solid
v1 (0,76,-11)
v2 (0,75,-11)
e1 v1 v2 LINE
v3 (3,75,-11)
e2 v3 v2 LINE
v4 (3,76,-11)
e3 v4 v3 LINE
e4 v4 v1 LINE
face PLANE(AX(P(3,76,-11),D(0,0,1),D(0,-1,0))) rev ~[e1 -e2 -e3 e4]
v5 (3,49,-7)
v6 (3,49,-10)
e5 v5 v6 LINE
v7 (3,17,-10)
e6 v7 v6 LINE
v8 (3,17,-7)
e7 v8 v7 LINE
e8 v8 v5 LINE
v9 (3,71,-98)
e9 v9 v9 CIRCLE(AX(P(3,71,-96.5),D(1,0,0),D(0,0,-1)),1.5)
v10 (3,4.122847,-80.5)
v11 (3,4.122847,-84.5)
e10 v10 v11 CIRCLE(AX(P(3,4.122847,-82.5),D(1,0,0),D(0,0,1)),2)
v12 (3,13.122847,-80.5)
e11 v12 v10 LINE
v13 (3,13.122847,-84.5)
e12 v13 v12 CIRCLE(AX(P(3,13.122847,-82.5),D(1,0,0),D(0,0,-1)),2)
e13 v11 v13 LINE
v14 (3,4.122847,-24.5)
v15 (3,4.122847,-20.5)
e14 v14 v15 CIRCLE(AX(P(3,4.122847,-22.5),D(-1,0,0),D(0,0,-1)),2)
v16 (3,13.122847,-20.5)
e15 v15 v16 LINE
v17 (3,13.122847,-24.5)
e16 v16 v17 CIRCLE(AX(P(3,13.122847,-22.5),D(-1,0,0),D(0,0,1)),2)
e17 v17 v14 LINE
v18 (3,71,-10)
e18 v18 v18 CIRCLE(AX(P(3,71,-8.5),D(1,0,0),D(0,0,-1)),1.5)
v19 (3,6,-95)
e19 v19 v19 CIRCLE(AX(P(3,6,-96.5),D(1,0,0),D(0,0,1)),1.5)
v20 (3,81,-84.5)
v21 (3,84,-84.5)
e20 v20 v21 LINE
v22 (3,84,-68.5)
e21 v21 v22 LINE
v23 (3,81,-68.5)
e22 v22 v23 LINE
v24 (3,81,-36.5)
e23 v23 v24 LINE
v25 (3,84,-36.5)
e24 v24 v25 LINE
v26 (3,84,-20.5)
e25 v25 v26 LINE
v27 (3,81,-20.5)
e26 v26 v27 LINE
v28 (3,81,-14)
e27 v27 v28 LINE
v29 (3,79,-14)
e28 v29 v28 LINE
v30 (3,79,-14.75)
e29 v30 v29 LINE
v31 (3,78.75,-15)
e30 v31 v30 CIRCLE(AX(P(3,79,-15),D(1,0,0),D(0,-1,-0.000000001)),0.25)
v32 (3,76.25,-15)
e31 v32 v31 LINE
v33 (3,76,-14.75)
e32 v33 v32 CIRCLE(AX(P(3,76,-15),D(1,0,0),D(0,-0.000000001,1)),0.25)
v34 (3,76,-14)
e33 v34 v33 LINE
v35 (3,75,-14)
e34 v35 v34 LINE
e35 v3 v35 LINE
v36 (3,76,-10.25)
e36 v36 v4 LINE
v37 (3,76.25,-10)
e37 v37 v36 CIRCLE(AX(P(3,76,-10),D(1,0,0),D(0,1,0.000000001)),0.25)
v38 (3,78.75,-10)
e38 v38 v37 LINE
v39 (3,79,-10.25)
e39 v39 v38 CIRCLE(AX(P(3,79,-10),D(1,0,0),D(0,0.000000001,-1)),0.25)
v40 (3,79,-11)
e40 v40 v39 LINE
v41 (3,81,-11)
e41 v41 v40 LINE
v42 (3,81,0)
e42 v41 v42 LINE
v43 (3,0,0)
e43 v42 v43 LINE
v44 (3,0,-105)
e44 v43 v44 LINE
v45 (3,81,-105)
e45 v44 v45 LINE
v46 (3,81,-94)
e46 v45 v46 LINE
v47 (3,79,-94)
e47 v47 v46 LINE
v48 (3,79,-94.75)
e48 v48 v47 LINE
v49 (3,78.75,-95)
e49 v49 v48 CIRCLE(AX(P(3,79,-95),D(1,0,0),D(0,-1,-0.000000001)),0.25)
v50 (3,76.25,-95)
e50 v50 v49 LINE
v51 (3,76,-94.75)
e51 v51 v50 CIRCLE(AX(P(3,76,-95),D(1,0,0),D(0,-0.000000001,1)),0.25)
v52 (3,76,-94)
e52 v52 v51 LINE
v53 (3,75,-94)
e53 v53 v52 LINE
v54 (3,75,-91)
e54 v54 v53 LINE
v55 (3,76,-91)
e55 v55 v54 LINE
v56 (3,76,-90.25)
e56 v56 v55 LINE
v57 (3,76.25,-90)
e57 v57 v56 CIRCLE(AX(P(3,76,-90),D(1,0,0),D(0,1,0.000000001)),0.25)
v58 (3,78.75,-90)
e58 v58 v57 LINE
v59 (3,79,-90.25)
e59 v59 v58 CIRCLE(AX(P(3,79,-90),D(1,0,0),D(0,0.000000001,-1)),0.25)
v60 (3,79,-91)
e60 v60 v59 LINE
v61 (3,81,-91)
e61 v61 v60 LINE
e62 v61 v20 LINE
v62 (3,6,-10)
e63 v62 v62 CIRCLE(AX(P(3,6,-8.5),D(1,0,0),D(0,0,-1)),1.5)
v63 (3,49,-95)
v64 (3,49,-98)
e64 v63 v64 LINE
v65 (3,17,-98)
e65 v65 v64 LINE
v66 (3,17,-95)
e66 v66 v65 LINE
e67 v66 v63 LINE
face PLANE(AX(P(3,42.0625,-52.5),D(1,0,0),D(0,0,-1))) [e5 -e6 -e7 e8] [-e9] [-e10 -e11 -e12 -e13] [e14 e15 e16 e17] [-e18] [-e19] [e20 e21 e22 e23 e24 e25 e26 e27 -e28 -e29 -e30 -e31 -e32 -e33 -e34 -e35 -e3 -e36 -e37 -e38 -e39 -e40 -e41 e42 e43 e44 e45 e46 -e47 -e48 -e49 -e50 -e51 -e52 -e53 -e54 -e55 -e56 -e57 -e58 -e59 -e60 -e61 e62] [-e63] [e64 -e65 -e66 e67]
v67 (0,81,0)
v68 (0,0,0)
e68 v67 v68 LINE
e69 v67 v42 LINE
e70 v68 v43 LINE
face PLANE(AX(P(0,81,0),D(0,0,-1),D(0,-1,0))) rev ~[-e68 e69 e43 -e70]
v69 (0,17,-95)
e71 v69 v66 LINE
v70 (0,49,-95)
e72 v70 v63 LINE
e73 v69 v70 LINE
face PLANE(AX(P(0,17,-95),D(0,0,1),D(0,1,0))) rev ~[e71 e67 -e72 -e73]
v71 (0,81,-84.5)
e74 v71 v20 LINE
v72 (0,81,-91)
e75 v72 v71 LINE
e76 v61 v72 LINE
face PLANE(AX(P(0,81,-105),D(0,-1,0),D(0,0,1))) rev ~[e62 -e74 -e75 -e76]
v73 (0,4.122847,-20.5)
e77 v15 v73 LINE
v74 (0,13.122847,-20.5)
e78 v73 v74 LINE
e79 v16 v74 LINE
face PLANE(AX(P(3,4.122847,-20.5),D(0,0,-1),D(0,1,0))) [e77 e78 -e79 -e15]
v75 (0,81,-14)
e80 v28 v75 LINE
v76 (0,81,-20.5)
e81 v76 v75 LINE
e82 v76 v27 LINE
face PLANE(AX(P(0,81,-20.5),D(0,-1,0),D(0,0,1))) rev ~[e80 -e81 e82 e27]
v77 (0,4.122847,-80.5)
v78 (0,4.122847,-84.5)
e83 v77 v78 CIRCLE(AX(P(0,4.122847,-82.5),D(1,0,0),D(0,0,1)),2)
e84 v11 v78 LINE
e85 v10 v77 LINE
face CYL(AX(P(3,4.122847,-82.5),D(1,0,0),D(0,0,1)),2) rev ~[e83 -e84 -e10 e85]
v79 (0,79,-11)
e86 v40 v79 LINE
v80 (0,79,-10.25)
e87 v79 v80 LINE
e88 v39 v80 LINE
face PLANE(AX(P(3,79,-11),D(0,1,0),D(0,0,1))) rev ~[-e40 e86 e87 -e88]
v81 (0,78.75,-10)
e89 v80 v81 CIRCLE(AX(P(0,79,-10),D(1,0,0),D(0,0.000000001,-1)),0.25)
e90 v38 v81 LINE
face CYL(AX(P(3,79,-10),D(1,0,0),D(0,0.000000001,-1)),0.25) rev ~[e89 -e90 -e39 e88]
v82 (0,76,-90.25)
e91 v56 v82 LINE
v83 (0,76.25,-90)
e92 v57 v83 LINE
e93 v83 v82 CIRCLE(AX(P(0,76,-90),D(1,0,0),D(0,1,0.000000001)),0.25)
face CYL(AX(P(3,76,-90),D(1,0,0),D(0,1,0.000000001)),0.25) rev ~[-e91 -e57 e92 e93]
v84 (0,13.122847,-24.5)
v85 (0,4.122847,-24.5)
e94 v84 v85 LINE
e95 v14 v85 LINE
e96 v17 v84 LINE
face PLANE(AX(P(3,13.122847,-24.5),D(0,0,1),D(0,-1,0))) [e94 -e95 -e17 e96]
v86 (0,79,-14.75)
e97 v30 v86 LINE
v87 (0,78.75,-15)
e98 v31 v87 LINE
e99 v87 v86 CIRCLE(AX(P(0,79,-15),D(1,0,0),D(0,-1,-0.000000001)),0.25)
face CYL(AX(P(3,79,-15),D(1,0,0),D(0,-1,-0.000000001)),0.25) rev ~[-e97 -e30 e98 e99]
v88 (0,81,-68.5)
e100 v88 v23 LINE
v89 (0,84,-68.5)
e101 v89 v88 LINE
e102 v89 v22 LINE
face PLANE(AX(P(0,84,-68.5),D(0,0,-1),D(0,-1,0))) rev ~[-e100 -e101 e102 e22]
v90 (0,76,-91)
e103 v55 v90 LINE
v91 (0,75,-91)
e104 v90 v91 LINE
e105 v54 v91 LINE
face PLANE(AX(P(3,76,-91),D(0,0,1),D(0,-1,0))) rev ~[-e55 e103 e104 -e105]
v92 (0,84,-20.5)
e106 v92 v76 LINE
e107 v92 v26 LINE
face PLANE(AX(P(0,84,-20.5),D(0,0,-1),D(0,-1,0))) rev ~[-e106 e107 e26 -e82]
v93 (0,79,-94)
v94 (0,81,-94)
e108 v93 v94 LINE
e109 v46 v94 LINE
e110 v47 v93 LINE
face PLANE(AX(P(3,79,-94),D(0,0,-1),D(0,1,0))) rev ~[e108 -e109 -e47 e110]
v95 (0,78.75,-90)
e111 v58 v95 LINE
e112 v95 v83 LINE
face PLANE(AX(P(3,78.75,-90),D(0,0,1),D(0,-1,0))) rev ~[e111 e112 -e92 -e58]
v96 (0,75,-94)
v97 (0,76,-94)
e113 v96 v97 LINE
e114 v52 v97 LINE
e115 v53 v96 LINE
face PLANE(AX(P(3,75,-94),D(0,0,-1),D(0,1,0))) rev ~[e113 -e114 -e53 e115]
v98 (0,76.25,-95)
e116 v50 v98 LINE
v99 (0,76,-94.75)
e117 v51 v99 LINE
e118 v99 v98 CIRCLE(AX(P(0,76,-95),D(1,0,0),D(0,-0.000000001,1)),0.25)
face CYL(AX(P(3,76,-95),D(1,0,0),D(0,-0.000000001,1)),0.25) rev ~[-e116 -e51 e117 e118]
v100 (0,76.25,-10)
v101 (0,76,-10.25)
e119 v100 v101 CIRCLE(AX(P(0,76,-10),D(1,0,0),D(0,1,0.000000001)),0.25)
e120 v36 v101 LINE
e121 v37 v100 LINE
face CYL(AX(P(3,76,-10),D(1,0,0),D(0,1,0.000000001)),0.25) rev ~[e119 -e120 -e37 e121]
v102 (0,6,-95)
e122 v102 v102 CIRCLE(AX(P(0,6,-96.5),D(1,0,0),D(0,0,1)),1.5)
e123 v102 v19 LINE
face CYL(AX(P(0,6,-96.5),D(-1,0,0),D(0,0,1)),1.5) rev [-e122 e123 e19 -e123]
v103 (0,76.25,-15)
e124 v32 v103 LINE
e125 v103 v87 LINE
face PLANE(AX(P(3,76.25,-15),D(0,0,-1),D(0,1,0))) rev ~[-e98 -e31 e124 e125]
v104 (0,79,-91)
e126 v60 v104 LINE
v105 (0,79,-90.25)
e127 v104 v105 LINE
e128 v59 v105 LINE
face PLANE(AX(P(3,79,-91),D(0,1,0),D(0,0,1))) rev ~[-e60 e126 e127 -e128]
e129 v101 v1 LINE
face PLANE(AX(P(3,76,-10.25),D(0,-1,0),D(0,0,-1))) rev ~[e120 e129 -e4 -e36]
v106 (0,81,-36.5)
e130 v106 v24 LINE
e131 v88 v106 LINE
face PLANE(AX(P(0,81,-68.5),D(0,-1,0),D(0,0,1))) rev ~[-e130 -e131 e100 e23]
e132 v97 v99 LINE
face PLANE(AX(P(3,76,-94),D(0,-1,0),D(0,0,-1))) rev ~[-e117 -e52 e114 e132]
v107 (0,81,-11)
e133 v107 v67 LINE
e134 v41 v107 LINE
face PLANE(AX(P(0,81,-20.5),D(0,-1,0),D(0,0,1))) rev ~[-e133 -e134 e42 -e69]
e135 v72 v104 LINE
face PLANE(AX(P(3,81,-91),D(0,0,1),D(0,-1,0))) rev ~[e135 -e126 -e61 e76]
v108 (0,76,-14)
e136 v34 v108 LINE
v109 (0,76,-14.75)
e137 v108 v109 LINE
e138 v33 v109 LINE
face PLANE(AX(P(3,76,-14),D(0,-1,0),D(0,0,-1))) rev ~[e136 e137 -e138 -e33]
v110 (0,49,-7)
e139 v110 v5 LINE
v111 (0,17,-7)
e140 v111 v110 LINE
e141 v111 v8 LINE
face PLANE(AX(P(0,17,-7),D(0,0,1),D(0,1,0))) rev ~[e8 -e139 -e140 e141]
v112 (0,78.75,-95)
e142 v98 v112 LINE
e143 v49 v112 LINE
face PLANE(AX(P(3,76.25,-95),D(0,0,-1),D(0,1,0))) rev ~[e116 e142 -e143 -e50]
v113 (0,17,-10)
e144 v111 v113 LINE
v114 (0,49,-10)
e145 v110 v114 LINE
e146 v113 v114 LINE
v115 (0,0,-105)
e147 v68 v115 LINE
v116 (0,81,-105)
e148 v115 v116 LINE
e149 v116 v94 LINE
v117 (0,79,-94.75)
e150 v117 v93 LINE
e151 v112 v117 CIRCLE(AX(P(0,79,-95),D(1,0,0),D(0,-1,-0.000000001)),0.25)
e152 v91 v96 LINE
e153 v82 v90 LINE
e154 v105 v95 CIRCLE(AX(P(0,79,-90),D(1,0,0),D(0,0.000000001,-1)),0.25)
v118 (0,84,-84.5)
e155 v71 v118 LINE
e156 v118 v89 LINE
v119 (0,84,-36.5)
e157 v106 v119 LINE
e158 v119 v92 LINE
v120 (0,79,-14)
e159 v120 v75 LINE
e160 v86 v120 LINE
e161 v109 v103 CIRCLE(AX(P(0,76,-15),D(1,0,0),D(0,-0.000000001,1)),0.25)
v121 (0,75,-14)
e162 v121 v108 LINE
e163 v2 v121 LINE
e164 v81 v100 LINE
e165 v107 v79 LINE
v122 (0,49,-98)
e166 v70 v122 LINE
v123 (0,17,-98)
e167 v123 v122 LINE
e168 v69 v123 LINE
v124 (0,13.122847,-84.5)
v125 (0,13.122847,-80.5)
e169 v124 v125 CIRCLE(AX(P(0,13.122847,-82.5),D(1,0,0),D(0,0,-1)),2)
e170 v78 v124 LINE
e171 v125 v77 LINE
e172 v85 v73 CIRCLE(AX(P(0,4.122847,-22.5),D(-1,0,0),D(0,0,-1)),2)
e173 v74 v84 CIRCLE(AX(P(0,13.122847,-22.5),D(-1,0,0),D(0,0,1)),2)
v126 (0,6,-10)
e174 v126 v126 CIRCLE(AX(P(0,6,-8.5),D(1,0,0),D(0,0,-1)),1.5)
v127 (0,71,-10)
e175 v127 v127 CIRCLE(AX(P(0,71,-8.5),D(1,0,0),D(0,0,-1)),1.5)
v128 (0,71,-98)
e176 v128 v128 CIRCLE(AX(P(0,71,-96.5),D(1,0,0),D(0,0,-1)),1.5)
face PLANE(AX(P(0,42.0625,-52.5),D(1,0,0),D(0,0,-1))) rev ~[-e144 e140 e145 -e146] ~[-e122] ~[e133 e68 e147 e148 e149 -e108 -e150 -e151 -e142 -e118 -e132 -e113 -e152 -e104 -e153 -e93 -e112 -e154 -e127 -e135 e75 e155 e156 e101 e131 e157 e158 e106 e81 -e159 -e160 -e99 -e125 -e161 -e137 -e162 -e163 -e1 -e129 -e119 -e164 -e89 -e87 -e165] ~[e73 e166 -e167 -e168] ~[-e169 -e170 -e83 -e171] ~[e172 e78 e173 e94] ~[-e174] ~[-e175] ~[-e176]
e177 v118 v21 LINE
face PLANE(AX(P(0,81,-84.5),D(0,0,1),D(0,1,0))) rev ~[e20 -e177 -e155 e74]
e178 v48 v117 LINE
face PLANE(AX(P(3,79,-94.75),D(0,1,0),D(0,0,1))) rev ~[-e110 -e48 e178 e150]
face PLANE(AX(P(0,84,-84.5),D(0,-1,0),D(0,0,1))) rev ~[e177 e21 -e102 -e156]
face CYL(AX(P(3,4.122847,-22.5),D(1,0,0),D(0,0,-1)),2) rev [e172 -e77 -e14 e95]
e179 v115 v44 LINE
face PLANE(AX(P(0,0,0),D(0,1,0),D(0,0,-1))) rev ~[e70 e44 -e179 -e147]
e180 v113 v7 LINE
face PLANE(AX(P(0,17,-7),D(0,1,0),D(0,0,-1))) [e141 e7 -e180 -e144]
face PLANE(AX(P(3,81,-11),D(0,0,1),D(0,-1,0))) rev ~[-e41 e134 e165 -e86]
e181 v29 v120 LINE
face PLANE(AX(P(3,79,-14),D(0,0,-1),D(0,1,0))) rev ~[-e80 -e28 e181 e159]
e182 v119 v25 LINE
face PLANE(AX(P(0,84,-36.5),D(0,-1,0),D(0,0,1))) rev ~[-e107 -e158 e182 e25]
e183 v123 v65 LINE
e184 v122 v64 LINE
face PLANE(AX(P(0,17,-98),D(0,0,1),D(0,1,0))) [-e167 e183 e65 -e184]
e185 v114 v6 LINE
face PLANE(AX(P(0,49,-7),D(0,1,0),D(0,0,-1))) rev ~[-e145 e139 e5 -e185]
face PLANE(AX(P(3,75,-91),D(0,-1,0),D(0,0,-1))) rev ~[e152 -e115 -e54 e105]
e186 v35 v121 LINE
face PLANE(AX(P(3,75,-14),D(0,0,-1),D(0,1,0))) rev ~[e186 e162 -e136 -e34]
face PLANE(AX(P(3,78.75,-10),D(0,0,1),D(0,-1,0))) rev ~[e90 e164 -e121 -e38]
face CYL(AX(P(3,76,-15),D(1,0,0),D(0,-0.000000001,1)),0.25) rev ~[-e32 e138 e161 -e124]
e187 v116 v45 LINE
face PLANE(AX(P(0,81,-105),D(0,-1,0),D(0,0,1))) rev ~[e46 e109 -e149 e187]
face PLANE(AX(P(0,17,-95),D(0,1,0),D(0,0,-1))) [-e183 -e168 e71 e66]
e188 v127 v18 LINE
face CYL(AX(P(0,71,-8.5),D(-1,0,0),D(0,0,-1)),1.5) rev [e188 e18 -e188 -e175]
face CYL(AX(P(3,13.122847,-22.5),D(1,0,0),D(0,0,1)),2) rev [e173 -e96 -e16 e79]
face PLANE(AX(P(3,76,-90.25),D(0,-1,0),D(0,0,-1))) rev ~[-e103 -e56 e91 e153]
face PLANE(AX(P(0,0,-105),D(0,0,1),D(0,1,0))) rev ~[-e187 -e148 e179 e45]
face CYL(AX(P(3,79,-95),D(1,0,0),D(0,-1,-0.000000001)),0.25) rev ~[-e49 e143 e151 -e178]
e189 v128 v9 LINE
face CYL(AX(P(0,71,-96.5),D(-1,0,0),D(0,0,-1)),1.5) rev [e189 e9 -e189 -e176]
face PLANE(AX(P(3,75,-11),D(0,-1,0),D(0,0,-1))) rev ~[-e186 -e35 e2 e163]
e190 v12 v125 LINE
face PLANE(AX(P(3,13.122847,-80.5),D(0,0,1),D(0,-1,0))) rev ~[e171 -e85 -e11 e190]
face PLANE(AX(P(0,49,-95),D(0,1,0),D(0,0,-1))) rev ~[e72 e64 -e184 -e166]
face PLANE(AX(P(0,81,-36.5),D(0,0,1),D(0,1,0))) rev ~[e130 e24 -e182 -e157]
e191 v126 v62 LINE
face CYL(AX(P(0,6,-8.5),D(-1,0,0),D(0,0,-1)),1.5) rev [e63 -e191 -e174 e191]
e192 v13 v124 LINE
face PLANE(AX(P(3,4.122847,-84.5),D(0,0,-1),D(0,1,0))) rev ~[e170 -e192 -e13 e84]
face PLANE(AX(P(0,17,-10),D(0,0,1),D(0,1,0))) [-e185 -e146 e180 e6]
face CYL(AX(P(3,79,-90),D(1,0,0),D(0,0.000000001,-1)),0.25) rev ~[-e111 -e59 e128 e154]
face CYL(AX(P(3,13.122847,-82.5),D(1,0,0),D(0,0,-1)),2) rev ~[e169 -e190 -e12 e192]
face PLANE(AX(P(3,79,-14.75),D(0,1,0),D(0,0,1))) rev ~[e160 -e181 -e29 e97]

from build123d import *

# Parameters (mm, degrees)
CROQUIS1_R              = 1.5
CROQUIS1_W              = 3
CROQUIS1_H              = 32
SALIENTE_EXTRUIR1_DEPTH = 3
CORTAR_EXTRUIR1_DEPTH   = 3
CORTAR_EXTRUIR2_DEPTH   = 3


with BuildPart() as part:
    # Croquis1 → Saliente-Extruir1 (new body)
    with BuildSketch(Plane(origin=(0, 0, 0), x_dir=(0, 0, -1), z_dir=(1, 0, 0))):
        Polygon((0, 0), (105, 0), (105, 81), (84.5, 81), (84.5, 84), (68.5, 84), (68.5, 81), (36.5, 81), (36.5, 84), (20.5, 84), (20.5, 81), (0, 81), align=None)
        with Locations((8.5, 71)):
            Circle(CROQUIS1_R, mode=Mode.SUBTRACT)
        with Locations((96.5, 71)):
            Circle(CROQUIS1_R, mode=Mode.SUBTRACT)
        with Locations((8.5, 6)):
            Circle(CROQUIS1_R, mode=Mode.SUBTRACT)
        with Locations(Location((96.5, 6, 0), (0, 0, 180))):
            Circle(CROQUIS1_R, mode=Mode.SUBTRACT)
        with Locations((8.5, 33)):
            Rectangle(CROQUIS1_W, CROQUIS1_H, mode=Mode.SUBTRACT)
        with Locations((96.5, 33)):
            Rectangle(CROQUIS1_W, CROQUIS1_H, mode=Mode.SUBTRACT)
    extrude(amount=SALIENTE_EXTRUIR1_DEPTH)

    # Croquis2 → Cortar-Extruir1 (cut)
    with BuildSketch(Plane(origin=(3, 0, 0), x_dir=(0, 0, -1), z_dir=(1, 0, 0))):
        with BuildLine():
            Line((14, 79), (14, 81))
            Line((14, 81), (11, 81))
            Line((11, 81), (11, 79))
            Line((11, 79), (10.25, 79))
            ThreePointArc((10.25, 79), (9.823223305, 79.176776695), (10, 78.75))
            Line((10, 78.75), (10, 76.25))
            ThreePointArc((10, 76.25), (9.823223305, 75.823223305), (10.25, 76))
            Line((10.25, 76), (11, 76))
            Line((11, 76), (11, 75))
            Line((11, 75), (14, 75))
            Line((14, 75), (14, 76))
            Line((14, 76), (14.75, 76))
            ThreePointArc((14.75, 76), (15.176776695, 75.823223305), (15, 76.25))
            Line((15, 76.25), (15, 78.75))
            ThreePointArc((15, 78.75), (15.176776695, 79.176776695), (14.75, 79))
            Line((14.75, 79), (14, 79))
        make_face()
        with BuildLine():
            Line((94, 79), (94, 81))
            Line((94, 81), (91, 81))
            Line((91, 81), (91, 79))
            Line((91, 79), (90.25, 79))
            ThreePointArc((90.25, 79), (89.823223305, 79.176776695), (90, 78.75))
            Line((90, 78.75), (90, 76.25))
            ThreePointArc((90, 76.25), (89.823223305, 75.823223305), (90.25, 76))
            Line((90.25, 76), (91, 76))
            Line((91, 76), (91, 75))
            Line((91, 75), (94, 75))
            Line((94, 75), (94, 76))
            Line((94, 76), (94.75, 76))
            ThreePointArc((94.75, 76), (95.176776695, 75.823223305), (95, 76.25))
            Line((95, 76.25), (95, 78.75))
            ThreePointArc((95, 78.75), (95.176776695, 79.176776695), (94.75, 79))
            Line((94.75, 79), (94, 79))
        make_face()
    extrude(amount=-CORTAR_EXTRUIR1_DEPTH, mode=Mode.SUBTRACT)

    # Croquis3 → Cortar-Extruir2 (cut)
    with BuildSketch(Plane(origin=(3, 0, 0), x_dir=(0, 0, -1), z_dir=(1, 0, 0))):
        with BuildLine():
            Line((20.5, 4.122846639), (20.5, 13.122846639))
            ThreePointArc((20.5, 13.122846639), (22.5, 15.122846639), (24.5, 13.122846639))
            Line((24.5, 13.122846639), (24.5, 4.122846639))
            ThreePointArc((24.5, 4.122846639), (22.5, 2.122846639), (20.5, 4.122846639))
        make_face()
        with BuildLine():
            Line((84.5, 4.122846639), (84.5, 13.122846639))
            ThreePointArc((84.5, 13.122846639), (82.5, 15.122846639), (80.5, 13.122846639))
            Line((80.5, 13.122846639), (80.5, 4.122846639))
            ThreePointArc((80.5, 4.122846639), (82.5, 2.122846639), (84.5, 4.122846639))
        make_face()
    extrude(amount=-CORTAR_EXTRUIR2_DEPTH, mode=Mode.SUBTRACT)


solid = part.part
